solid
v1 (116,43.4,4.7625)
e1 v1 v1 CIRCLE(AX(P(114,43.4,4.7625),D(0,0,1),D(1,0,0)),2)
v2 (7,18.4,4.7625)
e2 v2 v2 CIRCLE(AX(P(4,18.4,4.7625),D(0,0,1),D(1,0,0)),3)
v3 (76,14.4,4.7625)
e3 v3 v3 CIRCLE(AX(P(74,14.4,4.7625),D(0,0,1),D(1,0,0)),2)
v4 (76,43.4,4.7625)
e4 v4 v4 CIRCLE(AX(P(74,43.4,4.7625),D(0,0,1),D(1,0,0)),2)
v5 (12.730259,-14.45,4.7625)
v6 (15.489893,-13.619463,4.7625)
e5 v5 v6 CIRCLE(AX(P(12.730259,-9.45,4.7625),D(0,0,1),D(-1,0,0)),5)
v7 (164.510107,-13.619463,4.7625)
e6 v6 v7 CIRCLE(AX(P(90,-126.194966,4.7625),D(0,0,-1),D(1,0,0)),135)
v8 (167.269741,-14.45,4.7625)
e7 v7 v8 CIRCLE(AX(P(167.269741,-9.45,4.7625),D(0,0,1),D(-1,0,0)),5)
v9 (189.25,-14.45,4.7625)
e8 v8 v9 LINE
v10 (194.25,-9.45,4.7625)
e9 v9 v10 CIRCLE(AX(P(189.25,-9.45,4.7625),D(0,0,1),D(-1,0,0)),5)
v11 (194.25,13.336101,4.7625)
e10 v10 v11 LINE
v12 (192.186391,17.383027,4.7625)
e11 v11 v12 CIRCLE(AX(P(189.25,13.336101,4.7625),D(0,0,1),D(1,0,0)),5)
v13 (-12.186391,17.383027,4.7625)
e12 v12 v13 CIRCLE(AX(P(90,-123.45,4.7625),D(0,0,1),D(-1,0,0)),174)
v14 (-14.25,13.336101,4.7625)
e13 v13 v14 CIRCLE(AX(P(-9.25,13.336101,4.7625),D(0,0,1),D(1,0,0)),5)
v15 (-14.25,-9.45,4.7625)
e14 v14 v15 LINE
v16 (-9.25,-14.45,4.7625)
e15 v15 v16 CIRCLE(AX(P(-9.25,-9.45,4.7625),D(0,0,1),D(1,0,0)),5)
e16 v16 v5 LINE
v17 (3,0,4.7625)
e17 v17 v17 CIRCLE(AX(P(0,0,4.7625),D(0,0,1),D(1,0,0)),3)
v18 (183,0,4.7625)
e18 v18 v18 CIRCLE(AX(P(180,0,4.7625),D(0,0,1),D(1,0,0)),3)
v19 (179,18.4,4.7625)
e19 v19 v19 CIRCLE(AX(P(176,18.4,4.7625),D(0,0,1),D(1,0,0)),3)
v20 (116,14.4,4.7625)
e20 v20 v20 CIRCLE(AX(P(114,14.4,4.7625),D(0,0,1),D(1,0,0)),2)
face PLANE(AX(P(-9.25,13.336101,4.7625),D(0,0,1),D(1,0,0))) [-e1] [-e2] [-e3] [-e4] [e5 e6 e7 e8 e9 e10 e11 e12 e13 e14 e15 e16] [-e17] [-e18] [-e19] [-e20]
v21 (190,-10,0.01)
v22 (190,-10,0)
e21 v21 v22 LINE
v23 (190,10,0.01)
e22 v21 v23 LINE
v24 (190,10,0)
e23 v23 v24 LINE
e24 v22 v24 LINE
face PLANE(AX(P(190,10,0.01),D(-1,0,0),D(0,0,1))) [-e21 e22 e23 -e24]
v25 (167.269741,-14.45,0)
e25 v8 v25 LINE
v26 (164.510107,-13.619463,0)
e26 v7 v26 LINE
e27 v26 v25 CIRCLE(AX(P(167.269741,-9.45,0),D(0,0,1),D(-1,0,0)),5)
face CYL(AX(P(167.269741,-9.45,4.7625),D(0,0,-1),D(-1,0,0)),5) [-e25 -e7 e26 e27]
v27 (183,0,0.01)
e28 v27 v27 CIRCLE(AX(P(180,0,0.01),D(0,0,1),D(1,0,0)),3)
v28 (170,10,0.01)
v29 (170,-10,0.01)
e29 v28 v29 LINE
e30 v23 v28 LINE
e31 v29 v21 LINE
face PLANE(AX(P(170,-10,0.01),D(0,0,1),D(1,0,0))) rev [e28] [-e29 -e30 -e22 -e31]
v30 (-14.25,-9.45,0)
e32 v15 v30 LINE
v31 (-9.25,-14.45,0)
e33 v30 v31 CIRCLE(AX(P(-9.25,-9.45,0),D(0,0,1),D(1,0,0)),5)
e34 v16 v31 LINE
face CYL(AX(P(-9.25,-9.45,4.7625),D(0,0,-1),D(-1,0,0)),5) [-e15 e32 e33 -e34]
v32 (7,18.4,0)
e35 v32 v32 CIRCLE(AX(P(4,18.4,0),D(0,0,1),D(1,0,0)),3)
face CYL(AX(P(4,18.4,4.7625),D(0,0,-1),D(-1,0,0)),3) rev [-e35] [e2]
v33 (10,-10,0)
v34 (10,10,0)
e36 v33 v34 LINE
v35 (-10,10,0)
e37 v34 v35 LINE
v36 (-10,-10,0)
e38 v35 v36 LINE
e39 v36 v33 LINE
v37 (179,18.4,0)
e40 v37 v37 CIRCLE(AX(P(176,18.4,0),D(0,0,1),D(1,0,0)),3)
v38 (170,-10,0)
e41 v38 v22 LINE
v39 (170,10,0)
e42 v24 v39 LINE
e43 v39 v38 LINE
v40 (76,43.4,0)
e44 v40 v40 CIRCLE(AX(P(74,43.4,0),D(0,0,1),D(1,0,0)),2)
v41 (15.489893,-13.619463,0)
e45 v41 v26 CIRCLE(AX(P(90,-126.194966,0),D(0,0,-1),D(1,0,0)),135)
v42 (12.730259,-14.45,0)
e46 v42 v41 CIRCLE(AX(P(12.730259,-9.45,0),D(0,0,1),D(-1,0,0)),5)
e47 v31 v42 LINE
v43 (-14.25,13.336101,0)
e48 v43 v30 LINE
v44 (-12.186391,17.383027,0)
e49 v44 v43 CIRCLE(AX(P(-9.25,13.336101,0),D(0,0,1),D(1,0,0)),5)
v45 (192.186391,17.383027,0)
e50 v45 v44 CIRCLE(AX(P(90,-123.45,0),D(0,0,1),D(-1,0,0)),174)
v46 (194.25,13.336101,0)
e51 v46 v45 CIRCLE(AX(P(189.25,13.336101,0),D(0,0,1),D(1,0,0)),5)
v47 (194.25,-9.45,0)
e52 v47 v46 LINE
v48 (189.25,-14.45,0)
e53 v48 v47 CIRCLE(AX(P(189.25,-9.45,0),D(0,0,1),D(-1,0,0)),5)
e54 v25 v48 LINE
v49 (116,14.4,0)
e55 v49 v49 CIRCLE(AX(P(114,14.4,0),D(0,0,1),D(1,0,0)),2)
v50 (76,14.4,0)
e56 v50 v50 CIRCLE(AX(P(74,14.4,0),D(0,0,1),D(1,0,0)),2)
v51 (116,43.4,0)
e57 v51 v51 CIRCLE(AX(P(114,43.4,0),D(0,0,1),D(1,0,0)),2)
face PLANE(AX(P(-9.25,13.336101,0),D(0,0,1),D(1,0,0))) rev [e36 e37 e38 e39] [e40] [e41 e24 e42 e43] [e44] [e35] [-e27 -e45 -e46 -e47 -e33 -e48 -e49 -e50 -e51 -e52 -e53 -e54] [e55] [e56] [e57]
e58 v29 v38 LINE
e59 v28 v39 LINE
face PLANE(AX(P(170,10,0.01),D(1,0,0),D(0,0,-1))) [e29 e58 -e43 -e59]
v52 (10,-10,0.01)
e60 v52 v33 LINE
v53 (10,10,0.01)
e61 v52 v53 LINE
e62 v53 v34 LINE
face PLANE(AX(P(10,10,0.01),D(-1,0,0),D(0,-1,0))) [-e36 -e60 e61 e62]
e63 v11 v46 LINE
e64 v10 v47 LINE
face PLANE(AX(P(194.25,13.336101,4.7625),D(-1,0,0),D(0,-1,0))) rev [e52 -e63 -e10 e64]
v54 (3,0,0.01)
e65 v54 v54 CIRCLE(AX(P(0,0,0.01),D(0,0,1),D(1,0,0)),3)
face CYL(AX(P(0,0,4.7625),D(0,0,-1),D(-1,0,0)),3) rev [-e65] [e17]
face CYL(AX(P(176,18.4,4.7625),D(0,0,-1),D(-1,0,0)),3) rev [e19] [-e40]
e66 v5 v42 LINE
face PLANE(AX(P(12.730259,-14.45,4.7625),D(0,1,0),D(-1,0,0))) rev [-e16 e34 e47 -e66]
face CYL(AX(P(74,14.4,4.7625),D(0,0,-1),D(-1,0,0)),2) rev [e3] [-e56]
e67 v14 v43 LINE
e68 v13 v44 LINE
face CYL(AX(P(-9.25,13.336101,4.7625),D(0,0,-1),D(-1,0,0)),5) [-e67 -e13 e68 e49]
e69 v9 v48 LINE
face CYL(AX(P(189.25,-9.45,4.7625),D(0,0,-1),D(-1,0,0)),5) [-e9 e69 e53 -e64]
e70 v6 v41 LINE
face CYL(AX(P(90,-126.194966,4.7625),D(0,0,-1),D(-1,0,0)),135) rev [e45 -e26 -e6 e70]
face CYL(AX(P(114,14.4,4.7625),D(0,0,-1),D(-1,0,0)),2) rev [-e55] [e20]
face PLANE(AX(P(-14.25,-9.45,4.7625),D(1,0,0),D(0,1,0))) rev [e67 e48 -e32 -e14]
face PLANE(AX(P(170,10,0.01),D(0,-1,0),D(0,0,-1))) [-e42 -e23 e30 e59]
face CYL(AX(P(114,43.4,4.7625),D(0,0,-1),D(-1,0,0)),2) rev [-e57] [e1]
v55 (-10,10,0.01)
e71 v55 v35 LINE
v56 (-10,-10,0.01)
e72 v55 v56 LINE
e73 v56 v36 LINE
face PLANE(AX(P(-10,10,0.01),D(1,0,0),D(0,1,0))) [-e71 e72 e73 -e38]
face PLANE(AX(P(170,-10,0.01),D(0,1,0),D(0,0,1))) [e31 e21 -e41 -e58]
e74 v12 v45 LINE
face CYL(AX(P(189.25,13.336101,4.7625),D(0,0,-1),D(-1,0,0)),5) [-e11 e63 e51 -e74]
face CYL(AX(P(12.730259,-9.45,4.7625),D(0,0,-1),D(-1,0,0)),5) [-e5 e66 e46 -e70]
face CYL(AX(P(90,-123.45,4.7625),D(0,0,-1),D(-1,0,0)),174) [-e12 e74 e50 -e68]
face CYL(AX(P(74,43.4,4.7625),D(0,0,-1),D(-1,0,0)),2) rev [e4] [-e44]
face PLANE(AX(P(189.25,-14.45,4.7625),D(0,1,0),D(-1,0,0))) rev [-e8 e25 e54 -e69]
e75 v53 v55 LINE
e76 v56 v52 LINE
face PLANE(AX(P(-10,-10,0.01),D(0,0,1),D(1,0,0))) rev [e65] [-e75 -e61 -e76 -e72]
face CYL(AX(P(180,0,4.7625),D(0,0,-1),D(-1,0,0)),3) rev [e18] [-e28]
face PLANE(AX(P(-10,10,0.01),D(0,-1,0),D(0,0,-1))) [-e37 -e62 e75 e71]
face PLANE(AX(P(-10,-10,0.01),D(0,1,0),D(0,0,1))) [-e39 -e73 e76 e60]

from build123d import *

# Parameters (mm, degrees)
SKETCH1_R           = 2
SKETCH1_R_2         = 3
BOSS_EXTRUDE1_DEPTH = 4.7625
SKETCH4_W           = 20
SKETCH4_H           = 20
CUT_EXTRUDE2_DEPTH  = 0.01


with BuildPart() as part:
    # Sketch1 → Boss-Extrude1 (new body)
    with BuildSketch(Plane.XY):
        with BuildLine():
            Line((-14.25, -9.45), (-14.25, 13.336101268))
            ThreePointArc((-14.25, 13.336101268), (-13.704321085, 15.607449693), (-12.186390533, 17.383027341))
            ThreePointArc((-12.186390533, 17.383027341), (90, 50.55), (192.186390533, 17.383027341))
            ThreePointArc((192.186390533, 17.383027341), (193.704321085, 15.607449693), (194.25, 13.336101268))
            Line((194.25, 13.336101268), (194.25, -9.45))
            ThreePointArc((194.25, -9.45), (192.785533906, -12.985533906), (189.25, -14.45))
            Line((189.25, -14.45), (167.269740757, -14.45))
            ThreePointArc((167.269740757, -14.45), (165.828788887, -14.237865674), (164.510107159, -13.619463083))
            ThreePointArc((164.510107159, -13.619463083), (90, 8.80503367), (15.489892841, -13.619463083))
            ThreePointArc((15.489892841, -13.619463083), (14.171211113, -14.237865674), (12.730259243, -14.45))
            Line((12.730259243, -14.45), (-9.25, -14.45))
            ThreePointArc((-9.25, -14.45), (-12.785533906, -12.985533906), (-14.25, -9.45))
        make_face()
        with Locations((74, 43.4)):
            Circle(SKETCH1_R, mode=Mode.SUBTRACT)
        with Locations((74, 14.4)):
            Circle(SKETCH1_R, mode=Mode.SUBTRACT)
        with Locations((114, 43.4)):
            Circle(SKETCH1_R, mode=Mode.SUBTRACT)
        with Locations((114, 14.4)):
            Circle(SKETCH1_R, mode=Mode.SUBTRACT)
        with Locations((180, 0)):
            Circle(SKETCH1_R_2, mode=Mode.SUBTRACT)
        Circle(SKETCH1_R_2, mode=Mode.SUBTRACT)
        with Locations((4, 18.4)):
            Circle(SKETCH1_R_2, mode=Mode.SUBTRACT)
        with Locations((176, 18.4)):
            Circle(SKETCH1_R_2, mode=Mode.SUBTRACT)
    extrude(amount=BOSS_EXTRUDE1_DEPTH)

    # Sketch4 → Cut-Extrude2 (cut)
    with BuildSketch(Plane.XY):
        Rectangle(SKETCH4_W, SKETCH4_H)
        with Locations((180, 0)):
            Rectangle(SKETCH4_W, SKETCH4_H)
    extrude(amount=CUT_EXTRUDE2_DEPTH, mode=Mode.SUBTRACT)


solid = part.part
